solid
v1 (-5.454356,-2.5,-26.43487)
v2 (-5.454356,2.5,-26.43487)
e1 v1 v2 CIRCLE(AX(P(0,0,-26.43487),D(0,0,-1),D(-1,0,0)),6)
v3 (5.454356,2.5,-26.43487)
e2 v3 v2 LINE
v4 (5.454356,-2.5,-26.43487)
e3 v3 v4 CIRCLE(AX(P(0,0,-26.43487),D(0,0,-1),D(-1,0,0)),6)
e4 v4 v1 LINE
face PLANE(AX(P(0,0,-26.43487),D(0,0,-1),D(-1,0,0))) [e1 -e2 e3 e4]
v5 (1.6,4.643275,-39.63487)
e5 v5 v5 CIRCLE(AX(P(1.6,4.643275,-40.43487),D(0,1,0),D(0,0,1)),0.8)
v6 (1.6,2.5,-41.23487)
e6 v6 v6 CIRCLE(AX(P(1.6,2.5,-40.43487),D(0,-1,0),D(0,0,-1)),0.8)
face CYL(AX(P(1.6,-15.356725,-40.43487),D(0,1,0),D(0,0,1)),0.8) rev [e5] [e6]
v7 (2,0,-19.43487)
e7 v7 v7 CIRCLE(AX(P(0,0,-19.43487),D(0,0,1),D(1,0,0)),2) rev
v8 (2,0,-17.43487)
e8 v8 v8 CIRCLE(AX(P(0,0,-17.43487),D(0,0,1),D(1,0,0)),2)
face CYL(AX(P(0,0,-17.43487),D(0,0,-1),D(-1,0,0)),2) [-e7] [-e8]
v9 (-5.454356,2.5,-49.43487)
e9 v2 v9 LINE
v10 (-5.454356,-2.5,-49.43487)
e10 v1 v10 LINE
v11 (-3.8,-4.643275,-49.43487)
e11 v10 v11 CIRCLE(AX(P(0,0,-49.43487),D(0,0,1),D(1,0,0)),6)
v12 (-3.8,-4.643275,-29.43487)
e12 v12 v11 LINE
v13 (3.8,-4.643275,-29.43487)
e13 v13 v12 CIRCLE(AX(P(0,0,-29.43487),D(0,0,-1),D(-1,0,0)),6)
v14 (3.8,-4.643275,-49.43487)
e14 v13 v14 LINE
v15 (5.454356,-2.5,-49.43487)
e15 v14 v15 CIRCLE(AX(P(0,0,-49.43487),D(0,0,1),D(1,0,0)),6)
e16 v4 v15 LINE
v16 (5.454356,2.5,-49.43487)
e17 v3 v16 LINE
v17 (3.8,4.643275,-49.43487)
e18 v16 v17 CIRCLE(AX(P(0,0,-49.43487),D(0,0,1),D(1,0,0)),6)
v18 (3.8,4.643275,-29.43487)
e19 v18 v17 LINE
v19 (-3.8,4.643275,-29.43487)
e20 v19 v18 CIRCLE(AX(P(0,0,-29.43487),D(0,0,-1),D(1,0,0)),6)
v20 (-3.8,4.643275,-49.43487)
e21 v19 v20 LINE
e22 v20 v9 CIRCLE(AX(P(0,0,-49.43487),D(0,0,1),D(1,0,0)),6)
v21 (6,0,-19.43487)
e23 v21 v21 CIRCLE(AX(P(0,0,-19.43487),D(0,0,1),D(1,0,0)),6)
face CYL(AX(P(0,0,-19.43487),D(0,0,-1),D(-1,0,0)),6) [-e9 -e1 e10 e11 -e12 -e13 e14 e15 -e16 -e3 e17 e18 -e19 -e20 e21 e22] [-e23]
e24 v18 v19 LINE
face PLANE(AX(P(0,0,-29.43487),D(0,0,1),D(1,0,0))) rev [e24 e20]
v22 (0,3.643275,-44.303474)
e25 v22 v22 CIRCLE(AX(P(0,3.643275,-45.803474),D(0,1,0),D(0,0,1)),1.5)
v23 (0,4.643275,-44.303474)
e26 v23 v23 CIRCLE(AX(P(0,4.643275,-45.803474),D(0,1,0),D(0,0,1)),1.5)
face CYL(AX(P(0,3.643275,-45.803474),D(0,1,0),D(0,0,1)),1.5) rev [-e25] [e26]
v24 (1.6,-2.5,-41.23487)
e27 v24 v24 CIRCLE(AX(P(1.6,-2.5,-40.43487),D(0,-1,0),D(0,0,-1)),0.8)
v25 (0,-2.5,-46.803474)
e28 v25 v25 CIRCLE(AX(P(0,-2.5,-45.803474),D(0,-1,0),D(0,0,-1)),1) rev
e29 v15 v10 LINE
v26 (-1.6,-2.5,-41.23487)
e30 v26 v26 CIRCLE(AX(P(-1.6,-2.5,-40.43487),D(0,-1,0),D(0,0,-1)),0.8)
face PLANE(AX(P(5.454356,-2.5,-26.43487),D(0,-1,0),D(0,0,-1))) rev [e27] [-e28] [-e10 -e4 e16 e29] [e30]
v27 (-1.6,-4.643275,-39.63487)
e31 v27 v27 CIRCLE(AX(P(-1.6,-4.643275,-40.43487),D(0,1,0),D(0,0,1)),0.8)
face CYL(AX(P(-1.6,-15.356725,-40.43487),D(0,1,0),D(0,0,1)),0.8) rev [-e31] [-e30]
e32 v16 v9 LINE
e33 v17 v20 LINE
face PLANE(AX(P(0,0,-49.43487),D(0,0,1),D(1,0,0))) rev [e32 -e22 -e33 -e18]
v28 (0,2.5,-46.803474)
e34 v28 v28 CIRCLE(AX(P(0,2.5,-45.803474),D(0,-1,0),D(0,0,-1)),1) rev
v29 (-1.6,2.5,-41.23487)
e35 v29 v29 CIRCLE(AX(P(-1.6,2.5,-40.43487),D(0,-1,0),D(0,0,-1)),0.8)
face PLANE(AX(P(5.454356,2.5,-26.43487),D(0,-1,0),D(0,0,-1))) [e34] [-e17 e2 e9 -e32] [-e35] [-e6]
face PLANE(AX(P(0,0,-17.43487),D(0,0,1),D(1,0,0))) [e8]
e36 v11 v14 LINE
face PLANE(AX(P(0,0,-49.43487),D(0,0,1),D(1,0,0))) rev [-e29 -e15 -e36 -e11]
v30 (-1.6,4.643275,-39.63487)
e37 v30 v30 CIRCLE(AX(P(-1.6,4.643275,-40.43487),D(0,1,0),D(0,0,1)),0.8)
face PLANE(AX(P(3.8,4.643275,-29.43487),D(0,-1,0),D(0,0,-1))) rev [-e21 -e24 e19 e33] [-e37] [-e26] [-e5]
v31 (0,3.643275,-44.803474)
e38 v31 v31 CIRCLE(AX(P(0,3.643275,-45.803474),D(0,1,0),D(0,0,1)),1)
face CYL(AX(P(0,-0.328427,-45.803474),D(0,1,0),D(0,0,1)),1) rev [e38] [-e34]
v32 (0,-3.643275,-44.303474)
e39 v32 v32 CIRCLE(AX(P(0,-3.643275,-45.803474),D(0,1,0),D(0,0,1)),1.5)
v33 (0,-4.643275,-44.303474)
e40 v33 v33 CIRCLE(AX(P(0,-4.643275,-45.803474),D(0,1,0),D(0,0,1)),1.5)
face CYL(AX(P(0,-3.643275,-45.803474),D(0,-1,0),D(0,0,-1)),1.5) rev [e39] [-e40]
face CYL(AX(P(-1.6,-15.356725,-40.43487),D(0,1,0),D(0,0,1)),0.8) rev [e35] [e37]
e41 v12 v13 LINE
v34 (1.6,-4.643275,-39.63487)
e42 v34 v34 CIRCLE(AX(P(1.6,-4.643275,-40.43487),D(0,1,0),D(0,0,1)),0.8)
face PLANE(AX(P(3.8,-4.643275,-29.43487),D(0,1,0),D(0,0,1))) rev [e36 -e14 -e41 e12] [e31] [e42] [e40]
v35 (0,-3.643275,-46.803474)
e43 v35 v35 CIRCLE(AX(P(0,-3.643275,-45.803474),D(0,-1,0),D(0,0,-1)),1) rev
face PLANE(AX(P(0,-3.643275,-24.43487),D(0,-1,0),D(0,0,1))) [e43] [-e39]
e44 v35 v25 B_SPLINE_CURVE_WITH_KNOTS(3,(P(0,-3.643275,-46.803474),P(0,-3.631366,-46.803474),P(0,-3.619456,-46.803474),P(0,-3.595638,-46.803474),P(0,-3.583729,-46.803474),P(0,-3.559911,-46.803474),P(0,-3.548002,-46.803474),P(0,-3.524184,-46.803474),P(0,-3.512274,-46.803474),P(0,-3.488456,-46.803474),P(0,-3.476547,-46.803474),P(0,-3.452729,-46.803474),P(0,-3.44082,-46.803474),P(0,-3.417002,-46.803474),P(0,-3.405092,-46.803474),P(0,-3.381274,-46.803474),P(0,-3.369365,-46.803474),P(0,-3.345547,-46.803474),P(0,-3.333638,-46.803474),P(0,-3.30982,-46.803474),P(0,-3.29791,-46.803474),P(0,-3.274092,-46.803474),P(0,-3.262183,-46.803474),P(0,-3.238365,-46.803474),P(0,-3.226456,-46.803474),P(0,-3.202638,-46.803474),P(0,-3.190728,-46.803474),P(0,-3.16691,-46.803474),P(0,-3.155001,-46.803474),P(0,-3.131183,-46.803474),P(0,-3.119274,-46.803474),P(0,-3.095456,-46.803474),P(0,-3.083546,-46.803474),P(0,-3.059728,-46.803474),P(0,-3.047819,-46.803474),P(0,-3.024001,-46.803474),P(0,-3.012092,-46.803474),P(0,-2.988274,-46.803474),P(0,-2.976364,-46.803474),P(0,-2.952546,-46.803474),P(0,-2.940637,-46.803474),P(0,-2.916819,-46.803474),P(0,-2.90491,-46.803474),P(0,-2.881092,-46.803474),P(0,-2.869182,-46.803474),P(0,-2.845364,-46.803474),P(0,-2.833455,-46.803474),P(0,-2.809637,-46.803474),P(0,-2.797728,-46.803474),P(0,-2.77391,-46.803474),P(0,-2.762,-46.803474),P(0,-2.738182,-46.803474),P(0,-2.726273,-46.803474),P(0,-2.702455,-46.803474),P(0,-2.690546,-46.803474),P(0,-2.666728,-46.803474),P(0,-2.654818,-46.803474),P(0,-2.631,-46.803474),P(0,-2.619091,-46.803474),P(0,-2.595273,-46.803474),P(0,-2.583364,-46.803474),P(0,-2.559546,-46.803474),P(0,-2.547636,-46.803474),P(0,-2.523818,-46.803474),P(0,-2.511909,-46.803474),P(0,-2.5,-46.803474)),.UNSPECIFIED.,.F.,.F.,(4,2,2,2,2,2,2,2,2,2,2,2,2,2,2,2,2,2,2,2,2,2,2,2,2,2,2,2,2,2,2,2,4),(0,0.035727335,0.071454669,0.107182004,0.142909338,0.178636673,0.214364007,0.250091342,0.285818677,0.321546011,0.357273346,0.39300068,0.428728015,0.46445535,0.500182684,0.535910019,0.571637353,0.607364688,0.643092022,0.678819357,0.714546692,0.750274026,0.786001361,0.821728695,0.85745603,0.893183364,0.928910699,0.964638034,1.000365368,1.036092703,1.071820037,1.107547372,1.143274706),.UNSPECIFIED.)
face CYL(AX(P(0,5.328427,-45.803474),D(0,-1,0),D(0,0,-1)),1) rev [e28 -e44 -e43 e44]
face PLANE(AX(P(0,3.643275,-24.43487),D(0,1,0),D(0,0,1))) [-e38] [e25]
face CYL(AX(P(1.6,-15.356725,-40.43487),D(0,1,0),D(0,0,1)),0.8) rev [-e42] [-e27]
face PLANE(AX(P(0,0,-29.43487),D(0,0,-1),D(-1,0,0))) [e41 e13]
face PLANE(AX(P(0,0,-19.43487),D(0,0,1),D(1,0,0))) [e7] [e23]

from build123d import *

# Parameters (mm, degrees)
IZIM1_R                     = 30
IZIM1_R_2                   = 10
Y_KSEKLIK_EKSTR_ZYON2_DEPTH = 25
IZIM1_4_R                   = 10
Y_KSEKLIK_EKSTR_ZYON3_DEPTH = 35
Y_KSEKLIK_EKSTR_ZYON4_START = -125
IZIM1_5_R                   = 30
IZIM1_5_R_2                 = 10
Y_KSEKLIK_EKSTR_ZYON4_DEPTH = 125
IZIM3_W                     = 54.543560574
IZIM3_H                     = 25
KES_EKSTR_ZYON1_DEPTH       = 115
KES_EKSTR_ZYON2_DEPTH       = 100
IZIM5_R                     = 4
KES_EKSTR_ZYON3_DEPTH       = 100
KES_EKSTR_ZYON4_DEPTH       = 5
KES_EKSTR_ZYON5_DEPTH       = 35.716373532
L_EK1_SCALE                 = 0.2


with BuildPart() as part:
    # Çizim1 → Yükseklik-Ekstrüzyon2 (new body)
    # profile 1 of 2: a face of its own
    with BuildSketch(Plane.XY):
        Circle(IZIM1_R)
        Circle(IZIM1_R_2, mode=Mode.SUBTRACT)
    # profile 2 of 2: a face of its own
    with BuildSketch(Plane.XY):
        Circle(IZIM1_R_2)
    extrude(amount=Y_KSEKLIK_EKSTR_ZYON2_DEPTH)

    # Çizim1<4> → Yükseklik-Ekstrüzyon3 (add)
    with BuildSketch(Plane.XY):
        Circle(IZIM1_4_R)
    extrude(amount=Y_KSEKLIK_EKSTR_ZYON3_DEPTH)

    # Çizim1<5> → Yükseklik-Ekstrüzyon4 (add)
    # profile 1 of 2: a face of its own
    with BuildSketch(Plane.XY.offset(Y_KSEKLIK_EKSTR_ZYON4_START)):
        Circle(IZIM1_5_R)
        Circle(IZIM1_5_R_2, mode=Mode.SUBTRACT)
    # profile 2 of 2: a face of its own
    with BuildSketch(Plane.XY.offset(Y_KSEKLIK_EKSTR_ZYON4_START)):
        Circle(IZIM1_5_R_2)
    extrude(amount=Y_KSEKLIK_EKSTR_ZYON4_DEPTH)

    # Çizim3 → Kes-Ekstrüzyon1 (cut)
    with BuildSketch(Plane(origin=(0, 0, -125), x_dir=(-1, 0, 0), z_dir=(0, 0, -1))):
        Rectangle(IZIM3_W, IZIM3_H)
        with BuildLine():
            Line((-27.271780287, -12.5), (-27.271780287, 12.5))
            ThreePointArc((-27.271780287, 12.5), (-30, 0), (-27.271780287, -12.5))
        make_face()
        with BuildLine():
            ThreePointArc((27.271780287, -12.5), (30, 0), (27.271780287, 12.5))
            Line((27.271780287, 12.5), (27.271780287, -12.5))
        make_face()
    extrude(amount=-KES_EKSTR_ZYON1_DEPTH, mode=Mode.SUBTRACT)

    # Çizim4 → Kes-Ekstrüzyon2 (cut)
    with BuildSketch(Plane(origin=(0, 0, -125), x_dir=(-1, 0, 0), z_dir=(0, 0, -1))):
        with BuildLine():
            Line((-19, 23.216373532), (19, 23.216373532))
            ThreePointArc((19, 23.216373532), (0, 30), (-19, 23.216373532))
        make_face()
        with BuildLine():
            Line((-19, -23.216373532), (19, -23.216373532))
            ThreePointArc((19, -23.216373532), (0, -30), (-19, -23.216373532))
        make_face()
    extrude(amount=-KES_EKSTR_ZYON2_DEPTH, mode=Mode.SUBTRACT)

    # Çizim5 → Kes-Ekstrüzyon3 (cut)
    with BuildSketch(Plane(origin=(0, 23.216373532, 0), x_dir=(1, 0, 0), z_dir=(0, 1, 0))):
        with Locations(Location((-8, 80, 0), (0, 0, 270))):
            Circle(IZIM5_R)
        with Locations(Location((8, 80, 0), (0, 0, 270))):
            Circle(IZIM5_R)
    extrude(amount=-KES_EKSTR_ZYON3_DEPTH, mode=Mode.SUBTRACT)

    # Çizim6 → Kes-Ekstrüzyon4 (cut)
    with BuildSketch(Plane(origin=(0, 23.216373532, 0), x_dir=(1, 0, 0), z_dir=(0, 1, 0))):
        with BuildLine():
            ThreePointArc((5, 106.843021333), (3.535533906, 110.378555239), (0, 111.843021333))
            Line((0, 111.843021333), (0, 101.843021333))
            ThreePointArc((0, 101.843021333), (3.535533906, 103.307487427), (5, 106.843021333))
        make_face()
        with BuildLine():
            Line((0, 101.843021333), (0, 111.843021333))
            ThreePointArc((0, 111.843021333), (-5, 106.843021333), (0, 101.843021333))
        make_face()
        with BuildLine():
            ThreePointArc((7.5, 106.843021333), (5.303300859, 112.146322192), (0, 114.343021333))
            Line((0, 114.343021333), (0, 111.843021333))
            ThreePointArc((0, 111.843021333), (3.535533906, 110.378555239), (5, 106.843021333))
            ThreePointArc((5, 106.843021333), (3.535533906, 103.307487427), (0, 101.843021333))
            Line((0, 101.843021333), (0, 99.343021333))
            ThreePointArc((0, 99.343021333), (5.303300859, 101.539720474), (7.5, 106.843021333))
        make_face()
        with BuildLine():
            Line((0, 111.843021333), (0, 114.343021333))
            ThreePointArc((0, 114.343021333), (-7.5, 106.843021333), (0, 99.343021333))
            Line((0, 99.343021333), (0, 101.843021333))
            ThreePointArc((0, 101.843021333), (-5, 106.843021333), (0, 111.843021333))
        make_face()
    kes_ekstr_zyon4 = extrude(amount=-KES_EKSTR_ZYON4_DEPTH, mode=Mode.SUBTRACT)

    # Çizim6<3> → Kes-Ekstrüzyon5 (cut)
    with BuildSketch(Plane(origin=(0, 23.216373532, 0), x_dir=(1, 0, 0), z_dir=(0, 1, 0))):
        with BuildLine():
            ThreePointArc((5, 106.843021333), (3.535533906, 110.378555239), (0, 111.843021333))
            Line((0, 111.843021333), (0, 101.843021333))
            ThreePointArc((0, 101.843021333), (3.535533906, 103.307487427), (5, 106.843021333))
        make_face()
        with BuildLine():
            Line((0, 101.843021333), (0, 111.843021333))
            ThreePointArc((0, 111.843021333), (-5, 106.843021333), (0, 101.843021333))
        make_face()
    kes_ekstr_zyon5 = extrude(amount=-KES_EKSTR_ZYON5_DEPTH, mode=Mode.SUBTRACT)

    # Aynalama1: Kes-Ekstrüzyon4, Kes-Ekstrüzyon5 across plane
    add(kes_ekstr_zyon4.mirror(Plane.ZX), mode=Mode.SUBTRACT)
    add(kes_ekstr_zyon5.mirror(Plane.ZX), mode=Mode.SUBTRACT)


with BuildPart() as part_1:
    # Ölçek1: scaled about (0, 0, -30.54358769)
    add(part.part.scale(L_EK1_SCALE).moved(Location((0, 0, -24.434870152))))


solid = part_1.part
